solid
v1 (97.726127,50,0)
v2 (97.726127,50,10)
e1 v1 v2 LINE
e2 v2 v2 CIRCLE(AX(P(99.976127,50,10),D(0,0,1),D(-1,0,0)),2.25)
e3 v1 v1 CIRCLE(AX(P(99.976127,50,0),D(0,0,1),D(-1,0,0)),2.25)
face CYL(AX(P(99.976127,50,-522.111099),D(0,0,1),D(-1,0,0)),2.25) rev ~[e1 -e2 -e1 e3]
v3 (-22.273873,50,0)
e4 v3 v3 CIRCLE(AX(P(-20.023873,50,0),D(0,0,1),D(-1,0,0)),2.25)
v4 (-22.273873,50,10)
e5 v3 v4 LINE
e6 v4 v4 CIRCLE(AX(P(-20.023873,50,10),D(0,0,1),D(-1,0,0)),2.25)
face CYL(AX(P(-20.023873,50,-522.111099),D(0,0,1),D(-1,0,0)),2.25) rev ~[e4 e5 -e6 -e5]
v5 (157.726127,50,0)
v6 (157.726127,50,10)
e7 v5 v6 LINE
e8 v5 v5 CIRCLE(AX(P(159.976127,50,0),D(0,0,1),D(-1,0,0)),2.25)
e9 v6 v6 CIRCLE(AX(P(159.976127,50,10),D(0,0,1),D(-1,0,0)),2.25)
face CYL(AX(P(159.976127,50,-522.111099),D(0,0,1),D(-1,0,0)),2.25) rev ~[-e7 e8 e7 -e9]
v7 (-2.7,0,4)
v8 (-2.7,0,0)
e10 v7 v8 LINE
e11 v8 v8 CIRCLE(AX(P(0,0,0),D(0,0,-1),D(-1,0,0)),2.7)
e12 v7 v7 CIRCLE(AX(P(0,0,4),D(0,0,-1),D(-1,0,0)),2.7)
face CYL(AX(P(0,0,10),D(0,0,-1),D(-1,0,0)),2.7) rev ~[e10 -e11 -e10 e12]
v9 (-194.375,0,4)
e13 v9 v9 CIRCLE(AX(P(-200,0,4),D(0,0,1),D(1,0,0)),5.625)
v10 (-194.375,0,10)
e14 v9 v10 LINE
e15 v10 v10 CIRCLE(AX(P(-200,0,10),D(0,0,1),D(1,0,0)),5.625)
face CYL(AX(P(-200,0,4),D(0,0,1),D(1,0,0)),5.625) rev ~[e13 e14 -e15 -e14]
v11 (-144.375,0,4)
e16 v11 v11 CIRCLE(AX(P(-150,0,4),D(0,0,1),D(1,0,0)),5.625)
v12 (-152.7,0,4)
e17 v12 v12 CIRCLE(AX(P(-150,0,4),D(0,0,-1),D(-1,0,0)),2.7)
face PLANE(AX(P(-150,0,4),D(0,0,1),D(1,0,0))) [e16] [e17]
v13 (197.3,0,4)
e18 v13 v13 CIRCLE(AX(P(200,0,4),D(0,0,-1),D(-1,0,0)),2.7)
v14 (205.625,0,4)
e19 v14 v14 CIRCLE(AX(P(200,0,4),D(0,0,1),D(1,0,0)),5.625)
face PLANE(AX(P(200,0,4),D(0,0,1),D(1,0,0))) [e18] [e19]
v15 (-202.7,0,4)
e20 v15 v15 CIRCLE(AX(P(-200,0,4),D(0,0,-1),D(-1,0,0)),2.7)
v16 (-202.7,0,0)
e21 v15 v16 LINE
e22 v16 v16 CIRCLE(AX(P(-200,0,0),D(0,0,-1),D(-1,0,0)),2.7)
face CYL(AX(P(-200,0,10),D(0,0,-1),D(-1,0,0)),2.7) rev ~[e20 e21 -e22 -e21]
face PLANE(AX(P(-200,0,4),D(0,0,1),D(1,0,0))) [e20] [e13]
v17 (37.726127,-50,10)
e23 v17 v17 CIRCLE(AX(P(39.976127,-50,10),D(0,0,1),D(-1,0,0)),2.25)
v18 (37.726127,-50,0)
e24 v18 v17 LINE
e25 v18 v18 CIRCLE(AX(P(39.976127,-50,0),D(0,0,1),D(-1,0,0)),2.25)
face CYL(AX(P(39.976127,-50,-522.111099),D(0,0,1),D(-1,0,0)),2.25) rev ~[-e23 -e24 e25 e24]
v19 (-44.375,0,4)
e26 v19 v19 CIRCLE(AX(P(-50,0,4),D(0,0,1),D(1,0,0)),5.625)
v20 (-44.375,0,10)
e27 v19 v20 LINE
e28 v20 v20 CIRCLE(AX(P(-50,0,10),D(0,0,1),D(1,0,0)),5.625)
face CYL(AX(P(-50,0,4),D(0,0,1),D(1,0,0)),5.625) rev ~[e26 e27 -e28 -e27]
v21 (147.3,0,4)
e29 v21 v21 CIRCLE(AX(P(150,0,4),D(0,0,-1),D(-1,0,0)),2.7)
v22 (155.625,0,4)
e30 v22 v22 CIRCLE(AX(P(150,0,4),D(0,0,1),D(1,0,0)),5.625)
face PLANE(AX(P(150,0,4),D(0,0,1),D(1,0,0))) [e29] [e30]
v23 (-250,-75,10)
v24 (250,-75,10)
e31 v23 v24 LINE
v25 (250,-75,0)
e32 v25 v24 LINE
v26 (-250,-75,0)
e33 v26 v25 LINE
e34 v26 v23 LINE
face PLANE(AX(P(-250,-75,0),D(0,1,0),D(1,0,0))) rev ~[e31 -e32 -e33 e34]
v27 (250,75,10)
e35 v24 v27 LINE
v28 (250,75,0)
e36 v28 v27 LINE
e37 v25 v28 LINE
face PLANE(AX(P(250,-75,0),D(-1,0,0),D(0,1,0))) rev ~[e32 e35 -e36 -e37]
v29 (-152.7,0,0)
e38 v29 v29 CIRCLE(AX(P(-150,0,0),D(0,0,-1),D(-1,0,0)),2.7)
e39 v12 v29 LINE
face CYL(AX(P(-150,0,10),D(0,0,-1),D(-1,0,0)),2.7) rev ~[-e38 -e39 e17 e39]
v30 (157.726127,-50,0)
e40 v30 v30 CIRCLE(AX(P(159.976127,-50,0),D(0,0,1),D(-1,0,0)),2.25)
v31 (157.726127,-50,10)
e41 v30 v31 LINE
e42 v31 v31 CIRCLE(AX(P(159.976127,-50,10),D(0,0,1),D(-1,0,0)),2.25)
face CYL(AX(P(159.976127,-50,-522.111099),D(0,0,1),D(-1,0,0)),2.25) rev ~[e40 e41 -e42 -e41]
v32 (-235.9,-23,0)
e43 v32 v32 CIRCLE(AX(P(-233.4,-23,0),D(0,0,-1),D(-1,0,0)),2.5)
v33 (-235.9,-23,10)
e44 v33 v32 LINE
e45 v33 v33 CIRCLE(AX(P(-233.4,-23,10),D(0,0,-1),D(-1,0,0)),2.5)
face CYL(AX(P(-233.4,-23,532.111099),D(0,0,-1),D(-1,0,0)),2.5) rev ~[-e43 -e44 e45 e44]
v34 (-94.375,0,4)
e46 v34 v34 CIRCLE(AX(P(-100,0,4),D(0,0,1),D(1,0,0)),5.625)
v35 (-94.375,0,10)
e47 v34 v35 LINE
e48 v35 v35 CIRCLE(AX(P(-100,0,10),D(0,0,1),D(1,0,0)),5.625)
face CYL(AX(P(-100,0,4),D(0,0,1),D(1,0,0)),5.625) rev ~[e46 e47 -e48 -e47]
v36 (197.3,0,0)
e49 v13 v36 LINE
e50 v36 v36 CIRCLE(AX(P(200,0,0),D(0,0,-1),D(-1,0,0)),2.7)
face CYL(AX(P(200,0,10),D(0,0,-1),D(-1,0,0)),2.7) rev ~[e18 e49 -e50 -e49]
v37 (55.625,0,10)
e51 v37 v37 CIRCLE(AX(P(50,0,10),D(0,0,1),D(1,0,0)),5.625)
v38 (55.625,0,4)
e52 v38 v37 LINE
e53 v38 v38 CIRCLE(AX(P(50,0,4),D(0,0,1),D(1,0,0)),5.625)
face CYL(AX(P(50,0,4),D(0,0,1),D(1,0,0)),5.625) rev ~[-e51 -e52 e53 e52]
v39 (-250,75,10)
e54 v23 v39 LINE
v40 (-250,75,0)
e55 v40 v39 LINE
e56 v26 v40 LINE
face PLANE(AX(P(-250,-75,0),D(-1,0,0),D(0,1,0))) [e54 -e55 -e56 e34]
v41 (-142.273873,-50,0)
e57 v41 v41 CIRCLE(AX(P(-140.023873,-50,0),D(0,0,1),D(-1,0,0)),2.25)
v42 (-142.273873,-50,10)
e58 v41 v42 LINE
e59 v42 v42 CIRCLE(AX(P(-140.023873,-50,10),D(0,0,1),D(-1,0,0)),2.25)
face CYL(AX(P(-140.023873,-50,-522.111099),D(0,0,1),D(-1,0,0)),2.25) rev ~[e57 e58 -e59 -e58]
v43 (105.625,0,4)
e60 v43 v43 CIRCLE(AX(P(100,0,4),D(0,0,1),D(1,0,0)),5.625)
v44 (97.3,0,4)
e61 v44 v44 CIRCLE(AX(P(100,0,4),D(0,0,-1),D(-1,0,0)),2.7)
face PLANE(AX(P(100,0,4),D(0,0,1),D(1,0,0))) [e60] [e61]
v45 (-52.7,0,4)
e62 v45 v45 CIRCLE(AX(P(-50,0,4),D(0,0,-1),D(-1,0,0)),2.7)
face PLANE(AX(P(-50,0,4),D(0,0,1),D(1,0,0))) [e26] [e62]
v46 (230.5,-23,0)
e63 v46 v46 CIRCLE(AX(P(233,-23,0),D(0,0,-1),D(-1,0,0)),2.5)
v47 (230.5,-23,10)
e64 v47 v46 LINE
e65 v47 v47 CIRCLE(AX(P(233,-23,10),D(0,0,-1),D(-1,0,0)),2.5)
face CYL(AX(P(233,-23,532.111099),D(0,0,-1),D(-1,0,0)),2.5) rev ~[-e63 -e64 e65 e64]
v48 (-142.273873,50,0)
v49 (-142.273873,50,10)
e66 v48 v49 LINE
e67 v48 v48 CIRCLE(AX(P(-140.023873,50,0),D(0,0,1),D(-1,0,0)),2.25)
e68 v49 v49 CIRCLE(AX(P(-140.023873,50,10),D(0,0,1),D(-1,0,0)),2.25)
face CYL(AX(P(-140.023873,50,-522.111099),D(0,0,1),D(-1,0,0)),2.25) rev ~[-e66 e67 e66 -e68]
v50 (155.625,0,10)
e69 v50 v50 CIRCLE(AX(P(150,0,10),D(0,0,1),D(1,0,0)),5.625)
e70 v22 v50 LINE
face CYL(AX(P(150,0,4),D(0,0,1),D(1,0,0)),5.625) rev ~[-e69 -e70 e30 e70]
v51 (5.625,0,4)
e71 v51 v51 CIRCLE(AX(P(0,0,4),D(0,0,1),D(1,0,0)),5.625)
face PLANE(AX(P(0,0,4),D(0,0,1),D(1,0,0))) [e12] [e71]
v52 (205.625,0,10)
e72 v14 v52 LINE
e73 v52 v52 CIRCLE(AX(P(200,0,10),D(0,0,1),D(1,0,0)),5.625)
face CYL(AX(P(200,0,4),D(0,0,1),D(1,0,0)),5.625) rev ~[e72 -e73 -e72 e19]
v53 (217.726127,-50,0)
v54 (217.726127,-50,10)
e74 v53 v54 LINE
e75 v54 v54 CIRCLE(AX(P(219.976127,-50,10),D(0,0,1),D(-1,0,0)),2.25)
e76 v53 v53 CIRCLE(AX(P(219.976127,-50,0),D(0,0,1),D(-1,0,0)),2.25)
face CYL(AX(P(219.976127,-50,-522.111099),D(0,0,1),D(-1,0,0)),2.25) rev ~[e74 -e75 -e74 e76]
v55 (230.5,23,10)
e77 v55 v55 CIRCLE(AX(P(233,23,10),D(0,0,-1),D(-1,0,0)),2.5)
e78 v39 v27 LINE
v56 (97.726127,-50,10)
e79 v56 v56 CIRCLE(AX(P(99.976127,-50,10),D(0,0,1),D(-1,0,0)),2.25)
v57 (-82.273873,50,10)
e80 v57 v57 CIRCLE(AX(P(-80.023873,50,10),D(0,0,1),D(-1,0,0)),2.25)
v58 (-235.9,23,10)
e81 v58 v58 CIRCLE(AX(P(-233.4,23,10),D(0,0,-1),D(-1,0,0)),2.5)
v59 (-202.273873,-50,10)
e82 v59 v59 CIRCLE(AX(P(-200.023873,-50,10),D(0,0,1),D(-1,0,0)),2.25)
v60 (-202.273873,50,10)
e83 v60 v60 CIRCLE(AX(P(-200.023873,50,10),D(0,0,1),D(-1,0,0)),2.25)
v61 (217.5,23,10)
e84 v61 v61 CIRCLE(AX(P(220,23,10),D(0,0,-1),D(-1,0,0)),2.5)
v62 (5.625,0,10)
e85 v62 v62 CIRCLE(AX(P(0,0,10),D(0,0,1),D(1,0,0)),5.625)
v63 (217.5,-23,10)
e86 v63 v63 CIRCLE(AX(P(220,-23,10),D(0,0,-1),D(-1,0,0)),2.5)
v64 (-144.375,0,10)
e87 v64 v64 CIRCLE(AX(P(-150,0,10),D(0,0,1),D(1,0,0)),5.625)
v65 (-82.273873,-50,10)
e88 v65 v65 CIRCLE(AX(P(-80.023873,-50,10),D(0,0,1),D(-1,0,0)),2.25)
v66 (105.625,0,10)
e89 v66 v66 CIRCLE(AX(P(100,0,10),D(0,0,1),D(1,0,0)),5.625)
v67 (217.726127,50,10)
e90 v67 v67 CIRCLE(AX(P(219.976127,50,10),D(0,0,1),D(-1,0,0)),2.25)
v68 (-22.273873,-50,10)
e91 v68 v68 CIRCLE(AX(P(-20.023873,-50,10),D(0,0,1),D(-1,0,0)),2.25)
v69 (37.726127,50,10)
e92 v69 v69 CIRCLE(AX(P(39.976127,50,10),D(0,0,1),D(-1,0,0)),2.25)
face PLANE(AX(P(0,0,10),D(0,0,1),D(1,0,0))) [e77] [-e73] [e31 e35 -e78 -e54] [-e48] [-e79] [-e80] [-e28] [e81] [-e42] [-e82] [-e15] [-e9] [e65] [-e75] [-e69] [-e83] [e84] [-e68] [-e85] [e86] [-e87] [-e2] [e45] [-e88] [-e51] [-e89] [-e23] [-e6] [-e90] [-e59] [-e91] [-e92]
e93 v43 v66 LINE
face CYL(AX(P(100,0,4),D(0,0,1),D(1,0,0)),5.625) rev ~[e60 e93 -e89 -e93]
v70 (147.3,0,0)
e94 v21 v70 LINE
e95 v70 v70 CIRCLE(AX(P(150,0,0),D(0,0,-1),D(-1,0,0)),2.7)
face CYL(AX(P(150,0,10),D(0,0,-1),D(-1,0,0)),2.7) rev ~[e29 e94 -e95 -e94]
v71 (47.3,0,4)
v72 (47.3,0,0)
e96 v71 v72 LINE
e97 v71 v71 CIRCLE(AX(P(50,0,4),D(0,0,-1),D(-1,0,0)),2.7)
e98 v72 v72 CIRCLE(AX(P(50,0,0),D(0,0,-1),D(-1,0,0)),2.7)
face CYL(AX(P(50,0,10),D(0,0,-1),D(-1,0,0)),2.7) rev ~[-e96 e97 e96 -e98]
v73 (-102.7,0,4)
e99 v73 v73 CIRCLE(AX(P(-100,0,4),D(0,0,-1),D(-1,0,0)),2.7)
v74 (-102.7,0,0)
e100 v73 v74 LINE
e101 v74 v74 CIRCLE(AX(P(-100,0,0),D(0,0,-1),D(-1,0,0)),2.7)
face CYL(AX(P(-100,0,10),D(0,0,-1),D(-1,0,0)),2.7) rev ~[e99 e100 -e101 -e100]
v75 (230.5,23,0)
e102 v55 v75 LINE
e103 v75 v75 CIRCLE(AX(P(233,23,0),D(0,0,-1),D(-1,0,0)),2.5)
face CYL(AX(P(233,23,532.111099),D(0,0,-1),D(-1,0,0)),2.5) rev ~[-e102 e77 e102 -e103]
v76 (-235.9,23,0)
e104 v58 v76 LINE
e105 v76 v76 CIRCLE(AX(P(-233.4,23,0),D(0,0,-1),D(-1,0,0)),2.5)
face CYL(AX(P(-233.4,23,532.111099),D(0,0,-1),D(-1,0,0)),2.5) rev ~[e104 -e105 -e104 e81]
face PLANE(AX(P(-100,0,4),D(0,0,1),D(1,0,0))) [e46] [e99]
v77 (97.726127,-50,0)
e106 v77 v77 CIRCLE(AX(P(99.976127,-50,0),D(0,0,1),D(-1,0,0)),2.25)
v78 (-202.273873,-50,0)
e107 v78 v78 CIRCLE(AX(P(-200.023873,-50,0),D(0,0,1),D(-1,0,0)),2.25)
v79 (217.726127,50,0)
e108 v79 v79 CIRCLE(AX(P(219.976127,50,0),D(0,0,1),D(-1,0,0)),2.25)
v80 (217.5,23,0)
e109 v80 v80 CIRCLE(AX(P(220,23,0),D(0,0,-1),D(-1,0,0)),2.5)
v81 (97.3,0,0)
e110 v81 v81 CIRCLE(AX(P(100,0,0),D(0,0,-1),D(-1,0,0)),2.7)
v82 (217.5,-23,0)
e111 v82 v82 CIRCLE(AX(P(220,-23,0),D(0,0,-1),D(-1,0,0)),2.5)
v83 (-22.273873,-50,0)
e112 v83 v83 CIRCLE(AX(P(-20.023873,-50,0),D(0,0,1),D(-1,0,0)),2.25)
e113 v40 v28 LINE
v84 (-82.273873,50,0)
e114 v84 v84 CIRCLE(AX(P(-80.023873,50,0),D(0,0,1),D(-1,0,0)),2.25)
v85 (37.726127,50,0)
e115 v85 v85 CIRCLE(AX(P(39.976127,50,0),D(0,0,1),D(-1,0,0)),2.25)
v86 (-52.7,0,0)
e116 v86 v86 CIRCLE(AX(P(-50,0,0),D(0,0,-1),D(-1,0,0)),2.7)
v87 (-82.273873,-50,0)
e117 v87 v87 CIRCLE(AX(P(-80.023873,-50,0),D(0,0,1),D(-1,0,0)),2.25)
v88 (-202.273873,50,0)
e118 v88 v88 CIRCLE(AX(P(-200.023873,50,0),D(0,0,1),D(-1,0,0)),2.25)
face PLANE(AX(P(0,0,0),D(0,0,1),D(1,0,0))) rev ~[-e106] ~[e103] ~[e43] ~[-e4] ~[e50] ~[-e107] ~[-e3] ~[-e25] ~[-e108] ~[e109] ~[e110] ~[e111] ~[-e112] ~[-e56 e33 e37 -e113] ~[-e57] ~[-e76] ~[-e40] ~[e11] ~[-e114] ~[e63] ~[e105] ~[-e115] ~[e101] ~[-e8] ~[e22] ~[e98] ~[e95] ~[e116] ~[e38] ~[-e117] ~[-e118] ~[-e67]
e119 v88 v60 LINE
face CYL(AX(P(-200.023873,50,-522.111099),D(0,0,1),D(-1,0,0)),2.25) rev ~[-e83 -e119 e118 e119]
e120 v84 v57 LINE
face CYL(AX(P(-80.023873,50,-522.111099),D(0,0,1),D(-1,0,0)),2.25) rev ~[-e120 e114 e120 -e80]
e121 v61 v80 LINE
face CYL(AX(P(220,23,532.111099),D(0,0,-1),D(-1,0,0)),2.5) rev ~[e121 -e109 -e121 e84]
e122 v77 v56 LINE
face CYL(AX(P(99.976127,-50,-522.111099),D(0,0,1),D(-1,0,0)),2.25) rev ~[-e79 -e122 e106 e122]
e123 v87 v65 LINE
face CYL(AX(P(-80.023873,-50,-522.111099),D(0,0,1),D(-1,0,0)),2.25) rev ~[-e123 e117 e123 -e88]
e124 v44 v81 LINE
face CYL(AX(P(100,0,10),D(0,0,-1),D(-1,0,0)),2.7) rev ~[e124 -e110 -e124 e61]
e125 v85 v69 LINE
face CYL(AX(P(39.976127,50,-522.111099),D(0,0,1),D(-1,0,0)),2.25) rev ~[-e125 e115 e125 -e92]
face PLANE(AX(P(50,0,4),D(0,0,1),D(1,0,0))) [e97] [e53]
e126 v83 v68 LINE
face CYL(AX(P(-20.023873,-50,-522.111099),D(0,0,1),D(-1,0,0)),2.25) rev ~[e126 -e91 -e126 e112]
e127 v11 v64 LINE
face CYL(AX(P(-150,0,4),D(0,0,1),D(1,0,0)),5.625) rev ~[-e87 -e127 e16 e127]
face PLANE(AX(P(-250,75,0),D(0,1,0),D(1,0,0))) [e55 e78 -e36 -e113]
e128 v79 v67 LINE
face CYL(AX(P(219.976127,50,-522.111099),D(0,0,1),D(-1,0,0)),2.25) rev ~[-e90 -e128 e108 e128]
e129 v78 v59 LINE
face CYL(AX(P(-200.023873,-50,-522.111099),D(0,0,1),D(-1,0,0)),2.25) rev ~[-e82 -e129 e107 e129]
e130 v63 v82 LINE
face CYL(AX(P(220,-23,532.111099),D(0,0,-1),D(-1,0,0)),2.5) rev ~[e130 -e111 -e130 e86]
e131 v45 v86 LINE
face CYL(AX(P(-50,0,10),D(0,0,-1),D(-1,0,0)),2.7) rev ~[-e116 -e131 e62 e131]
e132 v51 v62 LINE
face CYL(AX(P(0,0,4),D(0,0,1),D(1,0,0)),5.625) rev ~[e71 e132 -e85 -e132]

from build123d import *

# Parameters (mm, degrees)
F0_W           = 500
F0_H           = 150
F1_DEPTH       = 10
F2_D           = 4.5
F4_D           = 5.4
F4_CBORE_D     = 11.25
F4_CBORE_DEPTH = 6
F6_D           = 5


with BuildPart() as f1:
    # F0 (on Top) → F1 (new body)
    with BuildSketch(Plane.XY):
        Rectangle(F0_W, F0_H)
    extrude(amount=F1_DEPTH)

    # F2 (through all)
    with Locations(Plane(origin=(0, 0, 0), x_dir=(1, 0, 0), z_dir=(0, 0, -1))):
        with Locations((219.9761271477, -50), (159.9761271477, -50), (99.9761271477, -50), (39.9761271477, -50), (-20.0238728523, -50), (-80.0238728523, -50), (-140.0238728523, -50), (-200.0238728523, -50), (-200.0238728523, 50), (-140.0238728523, 50), (-80.0238728523, 50), (-20.0238728523, 50), (39.9761271477, 50), (99.9761271477, 50), (159.9761271477, 50), (219.9761271477, 50)):
            Hole(F2_D / 2)

    # F4 (through all)
    with Locations(Plane.XY.offset(10)):
        with Locations((200, 0), (150, 0), (100, 0), (50, 0), (0, 0), (-50, 0), (-100, 0), (-150, 0), (-200, 0)):
            CounterBoreHole(F4_D / 2, F4_CBORE_D / 2, F4_CBORE_DEPTH)

    # F6 (through all)
    with Locations(Plane.XY.offset(10)):
        with Locations((-233.4, 23), (-233.4, -23), (220, 23), (233, 23), (220, -23), (233, -23)):
            Hole(F6_D / 2)


solid = f1.part
